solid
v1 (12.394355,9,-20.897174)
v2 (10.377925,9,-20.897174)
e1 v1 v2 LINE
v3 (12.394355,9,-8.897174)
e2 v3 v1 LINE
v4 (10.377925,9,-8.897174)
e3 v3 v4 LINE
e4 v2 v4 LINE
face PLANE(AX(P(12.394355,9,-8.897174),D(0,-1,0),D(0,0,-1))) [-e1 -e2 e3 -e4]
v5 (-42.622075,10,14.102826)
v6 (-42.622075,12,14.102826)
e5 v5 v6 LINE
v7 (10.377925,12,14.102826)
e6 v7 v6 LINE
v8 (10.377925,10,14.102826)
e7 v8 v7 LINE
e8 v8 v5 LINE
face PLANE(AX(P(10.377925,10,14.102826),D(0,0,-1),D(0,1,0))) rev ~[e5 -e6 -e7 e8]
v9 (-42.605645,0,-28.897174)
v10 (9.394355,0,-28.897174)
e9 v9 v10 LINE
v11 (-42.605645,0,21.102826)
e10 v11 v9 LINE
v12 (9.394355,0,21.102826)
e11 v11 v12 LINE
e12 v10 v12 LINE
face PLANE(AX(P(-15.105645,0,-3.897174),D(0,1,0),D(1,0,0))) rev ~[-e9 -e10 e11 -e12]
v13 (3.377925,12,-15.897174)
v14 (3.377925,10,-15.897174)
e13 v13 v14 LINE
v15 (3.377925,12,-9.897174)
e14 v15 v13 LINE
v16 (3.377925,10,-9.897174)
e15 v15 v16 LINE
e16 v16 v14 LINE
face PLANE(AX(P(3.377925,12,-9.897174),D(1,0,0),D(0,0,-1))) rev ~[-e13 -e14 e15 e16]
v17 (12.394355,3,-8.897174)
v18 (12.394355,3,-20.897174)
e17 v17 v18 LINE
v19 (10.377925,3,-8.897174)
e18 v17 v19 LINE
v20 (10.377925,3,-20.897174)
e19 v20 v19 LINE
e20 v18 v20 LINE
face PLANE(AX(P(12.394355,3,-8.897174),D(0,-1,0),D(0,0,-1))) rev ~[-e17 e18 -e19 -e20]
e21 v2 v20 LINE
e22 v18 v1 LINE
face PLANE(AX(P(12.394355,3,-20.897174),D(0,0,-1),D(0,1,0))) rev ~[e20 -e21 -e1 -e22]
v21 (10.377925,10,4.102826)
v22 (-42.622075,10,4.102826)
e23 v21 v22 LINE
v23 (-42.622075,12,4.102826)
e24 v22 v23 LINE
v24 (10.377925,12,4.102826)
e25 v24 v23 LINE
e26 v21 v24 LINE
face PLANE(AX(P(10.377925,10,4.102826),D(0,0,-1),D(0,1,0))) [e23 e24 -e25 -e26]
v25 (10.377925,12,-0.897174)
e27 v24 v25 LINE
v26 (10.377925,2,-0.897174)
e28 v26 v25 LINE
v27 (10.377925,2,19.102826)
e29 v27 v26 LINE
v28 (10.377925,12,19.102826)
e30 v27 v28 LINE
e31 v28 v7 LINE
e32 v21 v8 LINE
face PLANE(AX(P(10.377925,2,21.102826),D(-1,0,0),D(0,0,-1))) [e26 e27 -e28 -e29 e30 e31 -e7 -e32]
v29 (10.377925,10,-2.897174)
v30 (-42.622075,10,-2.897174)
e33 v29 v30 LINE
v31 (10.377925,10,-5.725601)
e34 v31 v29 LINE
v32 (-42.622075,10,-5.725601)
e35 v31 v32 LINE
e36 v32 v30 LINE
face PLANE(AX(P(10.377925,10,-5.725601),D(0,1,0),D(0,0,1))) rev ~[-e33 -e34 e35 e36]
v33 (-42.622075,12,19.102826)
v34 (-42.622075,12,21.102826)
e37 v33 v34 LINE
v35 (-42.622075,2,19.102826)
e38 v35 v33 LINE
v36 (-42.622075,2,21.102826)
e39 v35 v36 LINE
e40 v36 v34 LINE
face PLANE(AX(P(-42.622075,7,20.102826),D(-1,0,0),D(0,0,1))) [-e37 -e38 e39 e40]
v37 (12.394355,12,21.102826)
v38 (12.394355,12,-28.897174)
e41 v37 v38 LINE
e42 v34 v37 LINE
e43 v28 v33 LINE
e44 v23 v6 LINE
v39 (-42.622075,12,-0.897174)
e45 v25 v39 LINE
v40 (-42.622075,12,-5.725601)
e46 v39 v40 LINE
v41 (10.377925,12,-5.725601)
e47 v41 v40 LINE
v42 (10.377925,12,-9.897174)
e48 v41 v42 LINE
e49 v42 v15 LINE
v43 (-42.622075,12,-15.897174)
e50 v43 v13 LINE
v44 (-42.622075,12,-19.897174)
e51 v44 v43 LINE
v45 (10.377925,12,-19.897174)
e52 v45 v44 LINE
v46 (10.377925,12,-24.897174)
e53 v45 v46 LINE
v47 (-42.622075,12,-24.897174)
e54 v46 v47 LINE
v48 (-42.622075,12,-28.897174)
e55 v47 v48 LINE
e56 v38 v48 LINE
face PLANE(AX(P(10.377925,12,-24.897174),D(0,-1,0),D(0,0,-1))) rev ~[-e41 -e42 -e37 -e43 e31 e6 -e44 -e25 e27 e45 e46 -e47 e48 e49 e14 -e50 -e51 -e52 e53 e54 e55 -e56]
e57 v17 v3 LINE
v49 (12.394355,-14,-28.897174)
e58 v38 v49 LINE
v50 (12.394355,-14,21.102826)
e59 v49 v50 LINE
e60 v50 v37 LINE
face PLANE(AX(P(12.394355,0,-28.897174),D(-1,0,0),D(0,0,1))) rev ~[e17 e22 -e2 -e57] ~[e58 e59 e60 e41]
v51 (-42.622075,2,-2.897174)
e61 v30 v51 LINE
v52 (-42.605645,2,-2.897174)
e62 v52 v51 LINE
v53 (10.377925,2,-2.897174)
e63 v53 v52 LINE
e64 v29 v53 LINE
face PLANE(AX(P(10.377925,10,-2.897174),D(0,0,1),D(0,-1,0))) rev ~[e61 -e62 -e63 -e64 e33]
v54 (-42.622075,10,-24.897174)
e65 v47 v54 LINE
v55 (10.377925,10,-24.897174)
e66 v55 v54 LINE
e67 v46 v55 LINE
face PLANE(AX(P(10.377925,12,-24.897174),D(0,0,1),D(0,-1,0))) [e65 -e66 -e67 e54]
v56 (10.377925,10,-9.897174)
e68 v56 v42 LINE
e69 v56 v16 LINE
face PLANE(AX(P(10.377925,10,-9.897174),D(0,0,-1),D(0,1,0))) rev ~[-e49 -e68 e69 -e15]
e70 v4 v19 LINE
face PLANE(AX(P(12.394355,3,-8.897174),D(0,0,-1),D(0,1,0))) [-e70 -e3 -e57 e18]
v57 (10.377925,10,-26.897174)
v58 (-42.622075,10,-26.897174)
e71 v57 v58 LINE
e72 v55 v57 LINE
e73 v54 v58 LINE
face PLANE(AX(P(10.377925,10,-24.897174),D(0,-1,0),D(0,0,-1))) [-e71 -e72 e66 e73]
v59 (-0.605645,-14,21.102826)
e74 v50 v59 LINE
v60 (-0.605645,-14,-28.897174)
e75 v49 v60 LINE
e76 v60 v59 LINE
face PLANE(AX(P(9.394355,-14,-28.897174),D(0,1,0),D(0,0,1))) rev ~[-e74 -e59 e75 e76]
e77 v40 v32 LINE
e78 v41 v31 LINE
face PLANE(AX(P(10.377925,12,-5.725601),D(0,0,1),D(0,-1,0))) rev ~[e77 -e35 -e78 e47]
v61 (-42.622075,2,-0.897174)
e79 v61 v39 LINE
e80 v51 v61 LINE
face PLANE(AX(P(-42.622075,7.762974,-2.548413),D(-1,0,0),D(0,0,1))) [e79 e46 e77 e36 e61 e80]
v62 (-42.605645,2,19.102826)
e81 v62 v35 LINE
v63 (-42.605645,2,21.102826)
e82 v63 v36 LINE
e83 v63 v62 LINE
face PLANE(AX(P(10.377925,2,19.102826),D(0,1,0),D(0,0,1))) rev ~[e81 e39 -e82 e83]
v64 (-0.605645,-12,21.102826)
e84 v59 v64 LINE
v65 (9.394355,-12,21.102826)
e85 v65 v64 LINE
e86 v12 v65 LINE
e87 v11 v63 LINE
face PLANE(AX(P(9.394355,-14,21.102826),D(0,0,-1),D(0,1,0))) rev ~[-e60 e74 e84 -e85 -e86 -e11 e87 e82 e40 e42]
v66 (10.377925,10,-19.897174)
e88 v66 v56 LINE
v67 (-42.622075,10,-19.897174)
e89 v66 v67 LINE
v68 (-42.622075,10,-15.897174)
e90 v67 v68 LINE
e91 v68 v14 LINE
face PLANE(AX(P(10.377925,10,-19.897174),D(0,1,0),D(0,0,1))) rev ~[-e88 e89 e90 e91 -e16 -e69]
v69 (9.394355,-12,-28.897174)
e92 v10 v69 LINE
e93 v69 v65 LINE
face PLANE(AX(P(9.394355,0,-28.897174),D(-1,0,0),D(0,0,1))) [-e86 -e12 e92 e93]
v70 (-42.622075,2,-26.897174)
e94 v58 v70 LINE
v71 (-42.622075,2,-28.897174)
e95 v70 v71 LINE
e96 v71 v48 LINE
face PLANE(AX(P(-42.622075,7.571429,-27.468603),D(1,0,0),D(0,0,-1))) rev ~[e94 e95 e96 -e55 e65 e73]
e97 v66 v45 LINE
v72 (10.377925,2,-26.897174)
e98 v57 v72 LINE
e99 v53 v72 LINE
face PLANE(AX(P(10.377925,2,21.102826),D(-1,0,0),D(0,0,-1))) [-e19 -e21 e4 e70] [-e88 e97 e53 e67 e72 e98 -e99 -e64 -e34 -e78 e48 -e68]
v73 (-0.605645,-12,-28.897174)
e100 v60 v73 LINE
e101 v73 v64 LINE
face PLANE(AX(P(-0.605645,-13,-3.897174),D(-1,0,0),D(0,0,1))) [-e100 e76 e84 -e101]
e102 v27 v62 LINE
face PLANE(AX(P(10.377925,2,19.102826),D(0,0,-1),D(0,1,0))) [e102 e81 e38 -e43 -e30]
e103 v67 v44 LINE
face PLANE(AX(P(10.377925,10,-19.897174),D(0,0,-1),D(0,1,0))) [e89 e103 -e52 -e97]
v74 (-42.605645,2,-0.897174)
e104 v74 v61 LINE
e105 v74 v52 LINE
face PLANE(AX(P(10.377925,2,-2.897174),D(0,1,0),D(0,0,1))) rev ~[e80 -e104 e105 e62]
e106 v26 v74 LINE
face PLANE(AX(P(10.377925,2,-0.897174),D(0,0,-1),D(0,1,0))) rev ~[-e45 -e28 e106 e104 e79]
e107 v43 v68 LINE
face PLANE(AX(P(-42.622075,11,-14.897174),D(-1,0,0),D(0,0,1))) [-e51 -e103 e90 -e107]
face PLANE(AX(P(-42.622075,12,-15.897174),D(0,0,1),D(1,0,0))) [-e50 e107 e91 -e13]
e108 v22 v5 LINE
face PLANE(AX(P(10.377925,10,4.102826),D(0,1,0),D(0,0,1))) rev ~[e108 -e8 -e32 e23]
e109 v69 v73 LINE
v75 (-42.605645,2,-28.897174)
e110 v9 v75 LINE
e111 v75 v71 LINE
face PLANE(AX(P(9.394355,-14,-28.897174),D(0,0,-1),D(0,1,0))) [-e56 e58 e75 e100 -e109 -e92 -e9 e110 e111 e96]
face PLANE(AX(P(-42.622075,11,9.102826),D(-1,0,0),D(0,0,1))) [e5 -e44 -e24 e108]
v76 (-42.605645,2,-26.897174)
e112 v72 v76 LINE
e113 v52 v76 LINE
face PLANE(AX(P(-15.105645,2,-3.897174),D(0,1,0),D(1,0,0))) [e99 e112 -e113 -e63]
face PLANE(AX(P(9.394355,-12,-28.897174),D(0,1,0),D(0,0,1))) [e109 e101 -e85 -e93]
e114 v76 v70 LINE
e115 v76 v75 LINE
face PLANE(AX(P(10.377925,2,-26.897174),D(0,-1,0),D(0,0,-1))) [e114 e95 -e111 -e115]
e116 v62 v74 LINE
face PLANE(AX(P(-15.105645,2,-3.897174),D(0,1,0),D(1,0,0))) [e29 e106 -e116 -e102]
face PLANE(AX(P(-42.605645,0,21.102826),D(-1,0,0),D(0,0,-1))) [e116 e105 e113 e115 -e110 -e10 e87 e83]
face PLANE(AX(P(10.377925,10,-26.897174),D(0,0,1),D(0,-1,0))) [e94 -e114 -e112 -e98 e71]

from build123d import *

# Parameters (mm, degrees)
SKETCH_1_W          = 55
SKETCH_1_H          = 50
EXTRUDE_1_DEPTH     = 2
SKETCH_2_W          = 2.016430074
SKETCH_2_H          = 50
EXTRUDE_2_DEPTH     = 10
SKETCH_4_W          = 10
SKETCH_4_H          = 2
SKETCH_4_W_2        = 2
SKETCH_4_H_2        = 10
EXTRUDE_3_DEPTH     = 53
SKETCH_5_W          = 12
SKETCH_5_H          = 6
CUT_EXTRUDE_1_DEPTH = 40
SKETCH_6_W          = 46
SKETCH_6_H          = 6
CUT_EXTRUDE_3_DEPTH = 2
SKETCH_7_W          = 3
SKETCH_7_H          = 50
EXTRUDE_4_DEPTH     = 14
SKETCH_8_W          = 50
SKETCH_8_H          = 2
EXTRUDE_5_DEPTH     = 10


with BuildPart() as part:
    # 草图1 → 凸台-拉伸1 (new body)
    with BuildSketch(Plane(origin=(0, 0, 0), x_dir=(1, 0, 0), z_dir=(0, 1, 0))):
        with Locations((-15.105645182, 3.897173973)):
            Rectangle(SKETCH_1_W, SKETCH_1_H)
    extrude(amount=EXTRUDE_1_DEPTH)

    # 草图2 → 凸台-拉伸2 (add)
    with BuildSketch(Plane(origin=(0, 2, 0), x_dir=(1, 0, 0), z_dir=(0, 1, 0))):
        with Locations((11.386139781, 3.897173973)):
            Rectangle(SKETCH_2_W, SKETCH_2_H)
    extrude(amount=EXTRUDE_2_DEPTH)

    # 草图4 → 凸台-拉伸3 (add)
    with BuildSketch(Plane.ZY.offset(-10.377924744)):
        with Locations((-14.897173973, 11)):
            Rectangle(SKETCH_4_W, SKETCH_4_H)
        Polygon((-28.897173973, 12), (-26.897173973, 12), (-24.897173973, 12), (-24.897173973, 10), (-26.897173973, 10), (-26.897173973, 2), (-28.897173973, 2), align=None)
        Polygon((-2.897173973, 10), (-2.897173973, 2), (-0.897173973, 2), (-0.897173973, 12), (-2.897173973, 12), (-5.725601098, 12), (-5.725601098, 10), align=None)
        with Locations((9.102826027, 11)):
            Rectangle(SKETCH_4_W, SKETCH_4_H)
        with Locations((20.102826027, 7)):
            Rectangle(SKETCH_4_W_2, SKETCH_4_H_2)
    extrude(amount=EXTRUDE_3_DEPTH)

    # 草图5 → 切除-拉伸1 (cut)
    with BuildSketch(Plane(origin=(12.394354818, 0, 0), x_dir=(0, 0, -1), z_dir=(1, 0, 0))):
        with Locations((14.897173973, 6)):
            Rectangle(SKETCH_5_W, SKETCH_5_H)
    extrude(amount=-CUT_EXTRUDE_1_DEPTH, mode=Mode.SUBTRACT)

    # 草图6 → 切除-拉伸3 (cut)
    with BuildSketch(Plane(origin=(0, 12, 0), x_dir=(1, 0, 0), z_dir=(0, 1, 0))):
        with Locations((-19.622075256, 12.897173973)):
            Rectangle(SKETCH_6_W, SKETCH_6_H)
    extrude(amount=-CUT_EXTRUDE_3_DEPTH, mode=Mode.SUBTRACT)

    # 草图7 → 凸台-拉伸4 (add)
    with BuildSketch(Plane.XZ):
        with Locations((10.894354818, -3.897173973)):
            Rectangle(SKETCH_7_W, SKETCH_7_H)
    extrude(amount=EXTRUDE_4_DEPTH)

    # 草图8 → 凸台-拉伸5 (add)
    with BuildSketch(Plane.ZY.offset(-9.394354818)):
        with Locations((-3.897173973, -13)):
            Rectangle(SKETCH_8_W, SKETCH_8_H)
    extrude(amount=EXTRUDE_5_DEPTH)


solid = part.part
